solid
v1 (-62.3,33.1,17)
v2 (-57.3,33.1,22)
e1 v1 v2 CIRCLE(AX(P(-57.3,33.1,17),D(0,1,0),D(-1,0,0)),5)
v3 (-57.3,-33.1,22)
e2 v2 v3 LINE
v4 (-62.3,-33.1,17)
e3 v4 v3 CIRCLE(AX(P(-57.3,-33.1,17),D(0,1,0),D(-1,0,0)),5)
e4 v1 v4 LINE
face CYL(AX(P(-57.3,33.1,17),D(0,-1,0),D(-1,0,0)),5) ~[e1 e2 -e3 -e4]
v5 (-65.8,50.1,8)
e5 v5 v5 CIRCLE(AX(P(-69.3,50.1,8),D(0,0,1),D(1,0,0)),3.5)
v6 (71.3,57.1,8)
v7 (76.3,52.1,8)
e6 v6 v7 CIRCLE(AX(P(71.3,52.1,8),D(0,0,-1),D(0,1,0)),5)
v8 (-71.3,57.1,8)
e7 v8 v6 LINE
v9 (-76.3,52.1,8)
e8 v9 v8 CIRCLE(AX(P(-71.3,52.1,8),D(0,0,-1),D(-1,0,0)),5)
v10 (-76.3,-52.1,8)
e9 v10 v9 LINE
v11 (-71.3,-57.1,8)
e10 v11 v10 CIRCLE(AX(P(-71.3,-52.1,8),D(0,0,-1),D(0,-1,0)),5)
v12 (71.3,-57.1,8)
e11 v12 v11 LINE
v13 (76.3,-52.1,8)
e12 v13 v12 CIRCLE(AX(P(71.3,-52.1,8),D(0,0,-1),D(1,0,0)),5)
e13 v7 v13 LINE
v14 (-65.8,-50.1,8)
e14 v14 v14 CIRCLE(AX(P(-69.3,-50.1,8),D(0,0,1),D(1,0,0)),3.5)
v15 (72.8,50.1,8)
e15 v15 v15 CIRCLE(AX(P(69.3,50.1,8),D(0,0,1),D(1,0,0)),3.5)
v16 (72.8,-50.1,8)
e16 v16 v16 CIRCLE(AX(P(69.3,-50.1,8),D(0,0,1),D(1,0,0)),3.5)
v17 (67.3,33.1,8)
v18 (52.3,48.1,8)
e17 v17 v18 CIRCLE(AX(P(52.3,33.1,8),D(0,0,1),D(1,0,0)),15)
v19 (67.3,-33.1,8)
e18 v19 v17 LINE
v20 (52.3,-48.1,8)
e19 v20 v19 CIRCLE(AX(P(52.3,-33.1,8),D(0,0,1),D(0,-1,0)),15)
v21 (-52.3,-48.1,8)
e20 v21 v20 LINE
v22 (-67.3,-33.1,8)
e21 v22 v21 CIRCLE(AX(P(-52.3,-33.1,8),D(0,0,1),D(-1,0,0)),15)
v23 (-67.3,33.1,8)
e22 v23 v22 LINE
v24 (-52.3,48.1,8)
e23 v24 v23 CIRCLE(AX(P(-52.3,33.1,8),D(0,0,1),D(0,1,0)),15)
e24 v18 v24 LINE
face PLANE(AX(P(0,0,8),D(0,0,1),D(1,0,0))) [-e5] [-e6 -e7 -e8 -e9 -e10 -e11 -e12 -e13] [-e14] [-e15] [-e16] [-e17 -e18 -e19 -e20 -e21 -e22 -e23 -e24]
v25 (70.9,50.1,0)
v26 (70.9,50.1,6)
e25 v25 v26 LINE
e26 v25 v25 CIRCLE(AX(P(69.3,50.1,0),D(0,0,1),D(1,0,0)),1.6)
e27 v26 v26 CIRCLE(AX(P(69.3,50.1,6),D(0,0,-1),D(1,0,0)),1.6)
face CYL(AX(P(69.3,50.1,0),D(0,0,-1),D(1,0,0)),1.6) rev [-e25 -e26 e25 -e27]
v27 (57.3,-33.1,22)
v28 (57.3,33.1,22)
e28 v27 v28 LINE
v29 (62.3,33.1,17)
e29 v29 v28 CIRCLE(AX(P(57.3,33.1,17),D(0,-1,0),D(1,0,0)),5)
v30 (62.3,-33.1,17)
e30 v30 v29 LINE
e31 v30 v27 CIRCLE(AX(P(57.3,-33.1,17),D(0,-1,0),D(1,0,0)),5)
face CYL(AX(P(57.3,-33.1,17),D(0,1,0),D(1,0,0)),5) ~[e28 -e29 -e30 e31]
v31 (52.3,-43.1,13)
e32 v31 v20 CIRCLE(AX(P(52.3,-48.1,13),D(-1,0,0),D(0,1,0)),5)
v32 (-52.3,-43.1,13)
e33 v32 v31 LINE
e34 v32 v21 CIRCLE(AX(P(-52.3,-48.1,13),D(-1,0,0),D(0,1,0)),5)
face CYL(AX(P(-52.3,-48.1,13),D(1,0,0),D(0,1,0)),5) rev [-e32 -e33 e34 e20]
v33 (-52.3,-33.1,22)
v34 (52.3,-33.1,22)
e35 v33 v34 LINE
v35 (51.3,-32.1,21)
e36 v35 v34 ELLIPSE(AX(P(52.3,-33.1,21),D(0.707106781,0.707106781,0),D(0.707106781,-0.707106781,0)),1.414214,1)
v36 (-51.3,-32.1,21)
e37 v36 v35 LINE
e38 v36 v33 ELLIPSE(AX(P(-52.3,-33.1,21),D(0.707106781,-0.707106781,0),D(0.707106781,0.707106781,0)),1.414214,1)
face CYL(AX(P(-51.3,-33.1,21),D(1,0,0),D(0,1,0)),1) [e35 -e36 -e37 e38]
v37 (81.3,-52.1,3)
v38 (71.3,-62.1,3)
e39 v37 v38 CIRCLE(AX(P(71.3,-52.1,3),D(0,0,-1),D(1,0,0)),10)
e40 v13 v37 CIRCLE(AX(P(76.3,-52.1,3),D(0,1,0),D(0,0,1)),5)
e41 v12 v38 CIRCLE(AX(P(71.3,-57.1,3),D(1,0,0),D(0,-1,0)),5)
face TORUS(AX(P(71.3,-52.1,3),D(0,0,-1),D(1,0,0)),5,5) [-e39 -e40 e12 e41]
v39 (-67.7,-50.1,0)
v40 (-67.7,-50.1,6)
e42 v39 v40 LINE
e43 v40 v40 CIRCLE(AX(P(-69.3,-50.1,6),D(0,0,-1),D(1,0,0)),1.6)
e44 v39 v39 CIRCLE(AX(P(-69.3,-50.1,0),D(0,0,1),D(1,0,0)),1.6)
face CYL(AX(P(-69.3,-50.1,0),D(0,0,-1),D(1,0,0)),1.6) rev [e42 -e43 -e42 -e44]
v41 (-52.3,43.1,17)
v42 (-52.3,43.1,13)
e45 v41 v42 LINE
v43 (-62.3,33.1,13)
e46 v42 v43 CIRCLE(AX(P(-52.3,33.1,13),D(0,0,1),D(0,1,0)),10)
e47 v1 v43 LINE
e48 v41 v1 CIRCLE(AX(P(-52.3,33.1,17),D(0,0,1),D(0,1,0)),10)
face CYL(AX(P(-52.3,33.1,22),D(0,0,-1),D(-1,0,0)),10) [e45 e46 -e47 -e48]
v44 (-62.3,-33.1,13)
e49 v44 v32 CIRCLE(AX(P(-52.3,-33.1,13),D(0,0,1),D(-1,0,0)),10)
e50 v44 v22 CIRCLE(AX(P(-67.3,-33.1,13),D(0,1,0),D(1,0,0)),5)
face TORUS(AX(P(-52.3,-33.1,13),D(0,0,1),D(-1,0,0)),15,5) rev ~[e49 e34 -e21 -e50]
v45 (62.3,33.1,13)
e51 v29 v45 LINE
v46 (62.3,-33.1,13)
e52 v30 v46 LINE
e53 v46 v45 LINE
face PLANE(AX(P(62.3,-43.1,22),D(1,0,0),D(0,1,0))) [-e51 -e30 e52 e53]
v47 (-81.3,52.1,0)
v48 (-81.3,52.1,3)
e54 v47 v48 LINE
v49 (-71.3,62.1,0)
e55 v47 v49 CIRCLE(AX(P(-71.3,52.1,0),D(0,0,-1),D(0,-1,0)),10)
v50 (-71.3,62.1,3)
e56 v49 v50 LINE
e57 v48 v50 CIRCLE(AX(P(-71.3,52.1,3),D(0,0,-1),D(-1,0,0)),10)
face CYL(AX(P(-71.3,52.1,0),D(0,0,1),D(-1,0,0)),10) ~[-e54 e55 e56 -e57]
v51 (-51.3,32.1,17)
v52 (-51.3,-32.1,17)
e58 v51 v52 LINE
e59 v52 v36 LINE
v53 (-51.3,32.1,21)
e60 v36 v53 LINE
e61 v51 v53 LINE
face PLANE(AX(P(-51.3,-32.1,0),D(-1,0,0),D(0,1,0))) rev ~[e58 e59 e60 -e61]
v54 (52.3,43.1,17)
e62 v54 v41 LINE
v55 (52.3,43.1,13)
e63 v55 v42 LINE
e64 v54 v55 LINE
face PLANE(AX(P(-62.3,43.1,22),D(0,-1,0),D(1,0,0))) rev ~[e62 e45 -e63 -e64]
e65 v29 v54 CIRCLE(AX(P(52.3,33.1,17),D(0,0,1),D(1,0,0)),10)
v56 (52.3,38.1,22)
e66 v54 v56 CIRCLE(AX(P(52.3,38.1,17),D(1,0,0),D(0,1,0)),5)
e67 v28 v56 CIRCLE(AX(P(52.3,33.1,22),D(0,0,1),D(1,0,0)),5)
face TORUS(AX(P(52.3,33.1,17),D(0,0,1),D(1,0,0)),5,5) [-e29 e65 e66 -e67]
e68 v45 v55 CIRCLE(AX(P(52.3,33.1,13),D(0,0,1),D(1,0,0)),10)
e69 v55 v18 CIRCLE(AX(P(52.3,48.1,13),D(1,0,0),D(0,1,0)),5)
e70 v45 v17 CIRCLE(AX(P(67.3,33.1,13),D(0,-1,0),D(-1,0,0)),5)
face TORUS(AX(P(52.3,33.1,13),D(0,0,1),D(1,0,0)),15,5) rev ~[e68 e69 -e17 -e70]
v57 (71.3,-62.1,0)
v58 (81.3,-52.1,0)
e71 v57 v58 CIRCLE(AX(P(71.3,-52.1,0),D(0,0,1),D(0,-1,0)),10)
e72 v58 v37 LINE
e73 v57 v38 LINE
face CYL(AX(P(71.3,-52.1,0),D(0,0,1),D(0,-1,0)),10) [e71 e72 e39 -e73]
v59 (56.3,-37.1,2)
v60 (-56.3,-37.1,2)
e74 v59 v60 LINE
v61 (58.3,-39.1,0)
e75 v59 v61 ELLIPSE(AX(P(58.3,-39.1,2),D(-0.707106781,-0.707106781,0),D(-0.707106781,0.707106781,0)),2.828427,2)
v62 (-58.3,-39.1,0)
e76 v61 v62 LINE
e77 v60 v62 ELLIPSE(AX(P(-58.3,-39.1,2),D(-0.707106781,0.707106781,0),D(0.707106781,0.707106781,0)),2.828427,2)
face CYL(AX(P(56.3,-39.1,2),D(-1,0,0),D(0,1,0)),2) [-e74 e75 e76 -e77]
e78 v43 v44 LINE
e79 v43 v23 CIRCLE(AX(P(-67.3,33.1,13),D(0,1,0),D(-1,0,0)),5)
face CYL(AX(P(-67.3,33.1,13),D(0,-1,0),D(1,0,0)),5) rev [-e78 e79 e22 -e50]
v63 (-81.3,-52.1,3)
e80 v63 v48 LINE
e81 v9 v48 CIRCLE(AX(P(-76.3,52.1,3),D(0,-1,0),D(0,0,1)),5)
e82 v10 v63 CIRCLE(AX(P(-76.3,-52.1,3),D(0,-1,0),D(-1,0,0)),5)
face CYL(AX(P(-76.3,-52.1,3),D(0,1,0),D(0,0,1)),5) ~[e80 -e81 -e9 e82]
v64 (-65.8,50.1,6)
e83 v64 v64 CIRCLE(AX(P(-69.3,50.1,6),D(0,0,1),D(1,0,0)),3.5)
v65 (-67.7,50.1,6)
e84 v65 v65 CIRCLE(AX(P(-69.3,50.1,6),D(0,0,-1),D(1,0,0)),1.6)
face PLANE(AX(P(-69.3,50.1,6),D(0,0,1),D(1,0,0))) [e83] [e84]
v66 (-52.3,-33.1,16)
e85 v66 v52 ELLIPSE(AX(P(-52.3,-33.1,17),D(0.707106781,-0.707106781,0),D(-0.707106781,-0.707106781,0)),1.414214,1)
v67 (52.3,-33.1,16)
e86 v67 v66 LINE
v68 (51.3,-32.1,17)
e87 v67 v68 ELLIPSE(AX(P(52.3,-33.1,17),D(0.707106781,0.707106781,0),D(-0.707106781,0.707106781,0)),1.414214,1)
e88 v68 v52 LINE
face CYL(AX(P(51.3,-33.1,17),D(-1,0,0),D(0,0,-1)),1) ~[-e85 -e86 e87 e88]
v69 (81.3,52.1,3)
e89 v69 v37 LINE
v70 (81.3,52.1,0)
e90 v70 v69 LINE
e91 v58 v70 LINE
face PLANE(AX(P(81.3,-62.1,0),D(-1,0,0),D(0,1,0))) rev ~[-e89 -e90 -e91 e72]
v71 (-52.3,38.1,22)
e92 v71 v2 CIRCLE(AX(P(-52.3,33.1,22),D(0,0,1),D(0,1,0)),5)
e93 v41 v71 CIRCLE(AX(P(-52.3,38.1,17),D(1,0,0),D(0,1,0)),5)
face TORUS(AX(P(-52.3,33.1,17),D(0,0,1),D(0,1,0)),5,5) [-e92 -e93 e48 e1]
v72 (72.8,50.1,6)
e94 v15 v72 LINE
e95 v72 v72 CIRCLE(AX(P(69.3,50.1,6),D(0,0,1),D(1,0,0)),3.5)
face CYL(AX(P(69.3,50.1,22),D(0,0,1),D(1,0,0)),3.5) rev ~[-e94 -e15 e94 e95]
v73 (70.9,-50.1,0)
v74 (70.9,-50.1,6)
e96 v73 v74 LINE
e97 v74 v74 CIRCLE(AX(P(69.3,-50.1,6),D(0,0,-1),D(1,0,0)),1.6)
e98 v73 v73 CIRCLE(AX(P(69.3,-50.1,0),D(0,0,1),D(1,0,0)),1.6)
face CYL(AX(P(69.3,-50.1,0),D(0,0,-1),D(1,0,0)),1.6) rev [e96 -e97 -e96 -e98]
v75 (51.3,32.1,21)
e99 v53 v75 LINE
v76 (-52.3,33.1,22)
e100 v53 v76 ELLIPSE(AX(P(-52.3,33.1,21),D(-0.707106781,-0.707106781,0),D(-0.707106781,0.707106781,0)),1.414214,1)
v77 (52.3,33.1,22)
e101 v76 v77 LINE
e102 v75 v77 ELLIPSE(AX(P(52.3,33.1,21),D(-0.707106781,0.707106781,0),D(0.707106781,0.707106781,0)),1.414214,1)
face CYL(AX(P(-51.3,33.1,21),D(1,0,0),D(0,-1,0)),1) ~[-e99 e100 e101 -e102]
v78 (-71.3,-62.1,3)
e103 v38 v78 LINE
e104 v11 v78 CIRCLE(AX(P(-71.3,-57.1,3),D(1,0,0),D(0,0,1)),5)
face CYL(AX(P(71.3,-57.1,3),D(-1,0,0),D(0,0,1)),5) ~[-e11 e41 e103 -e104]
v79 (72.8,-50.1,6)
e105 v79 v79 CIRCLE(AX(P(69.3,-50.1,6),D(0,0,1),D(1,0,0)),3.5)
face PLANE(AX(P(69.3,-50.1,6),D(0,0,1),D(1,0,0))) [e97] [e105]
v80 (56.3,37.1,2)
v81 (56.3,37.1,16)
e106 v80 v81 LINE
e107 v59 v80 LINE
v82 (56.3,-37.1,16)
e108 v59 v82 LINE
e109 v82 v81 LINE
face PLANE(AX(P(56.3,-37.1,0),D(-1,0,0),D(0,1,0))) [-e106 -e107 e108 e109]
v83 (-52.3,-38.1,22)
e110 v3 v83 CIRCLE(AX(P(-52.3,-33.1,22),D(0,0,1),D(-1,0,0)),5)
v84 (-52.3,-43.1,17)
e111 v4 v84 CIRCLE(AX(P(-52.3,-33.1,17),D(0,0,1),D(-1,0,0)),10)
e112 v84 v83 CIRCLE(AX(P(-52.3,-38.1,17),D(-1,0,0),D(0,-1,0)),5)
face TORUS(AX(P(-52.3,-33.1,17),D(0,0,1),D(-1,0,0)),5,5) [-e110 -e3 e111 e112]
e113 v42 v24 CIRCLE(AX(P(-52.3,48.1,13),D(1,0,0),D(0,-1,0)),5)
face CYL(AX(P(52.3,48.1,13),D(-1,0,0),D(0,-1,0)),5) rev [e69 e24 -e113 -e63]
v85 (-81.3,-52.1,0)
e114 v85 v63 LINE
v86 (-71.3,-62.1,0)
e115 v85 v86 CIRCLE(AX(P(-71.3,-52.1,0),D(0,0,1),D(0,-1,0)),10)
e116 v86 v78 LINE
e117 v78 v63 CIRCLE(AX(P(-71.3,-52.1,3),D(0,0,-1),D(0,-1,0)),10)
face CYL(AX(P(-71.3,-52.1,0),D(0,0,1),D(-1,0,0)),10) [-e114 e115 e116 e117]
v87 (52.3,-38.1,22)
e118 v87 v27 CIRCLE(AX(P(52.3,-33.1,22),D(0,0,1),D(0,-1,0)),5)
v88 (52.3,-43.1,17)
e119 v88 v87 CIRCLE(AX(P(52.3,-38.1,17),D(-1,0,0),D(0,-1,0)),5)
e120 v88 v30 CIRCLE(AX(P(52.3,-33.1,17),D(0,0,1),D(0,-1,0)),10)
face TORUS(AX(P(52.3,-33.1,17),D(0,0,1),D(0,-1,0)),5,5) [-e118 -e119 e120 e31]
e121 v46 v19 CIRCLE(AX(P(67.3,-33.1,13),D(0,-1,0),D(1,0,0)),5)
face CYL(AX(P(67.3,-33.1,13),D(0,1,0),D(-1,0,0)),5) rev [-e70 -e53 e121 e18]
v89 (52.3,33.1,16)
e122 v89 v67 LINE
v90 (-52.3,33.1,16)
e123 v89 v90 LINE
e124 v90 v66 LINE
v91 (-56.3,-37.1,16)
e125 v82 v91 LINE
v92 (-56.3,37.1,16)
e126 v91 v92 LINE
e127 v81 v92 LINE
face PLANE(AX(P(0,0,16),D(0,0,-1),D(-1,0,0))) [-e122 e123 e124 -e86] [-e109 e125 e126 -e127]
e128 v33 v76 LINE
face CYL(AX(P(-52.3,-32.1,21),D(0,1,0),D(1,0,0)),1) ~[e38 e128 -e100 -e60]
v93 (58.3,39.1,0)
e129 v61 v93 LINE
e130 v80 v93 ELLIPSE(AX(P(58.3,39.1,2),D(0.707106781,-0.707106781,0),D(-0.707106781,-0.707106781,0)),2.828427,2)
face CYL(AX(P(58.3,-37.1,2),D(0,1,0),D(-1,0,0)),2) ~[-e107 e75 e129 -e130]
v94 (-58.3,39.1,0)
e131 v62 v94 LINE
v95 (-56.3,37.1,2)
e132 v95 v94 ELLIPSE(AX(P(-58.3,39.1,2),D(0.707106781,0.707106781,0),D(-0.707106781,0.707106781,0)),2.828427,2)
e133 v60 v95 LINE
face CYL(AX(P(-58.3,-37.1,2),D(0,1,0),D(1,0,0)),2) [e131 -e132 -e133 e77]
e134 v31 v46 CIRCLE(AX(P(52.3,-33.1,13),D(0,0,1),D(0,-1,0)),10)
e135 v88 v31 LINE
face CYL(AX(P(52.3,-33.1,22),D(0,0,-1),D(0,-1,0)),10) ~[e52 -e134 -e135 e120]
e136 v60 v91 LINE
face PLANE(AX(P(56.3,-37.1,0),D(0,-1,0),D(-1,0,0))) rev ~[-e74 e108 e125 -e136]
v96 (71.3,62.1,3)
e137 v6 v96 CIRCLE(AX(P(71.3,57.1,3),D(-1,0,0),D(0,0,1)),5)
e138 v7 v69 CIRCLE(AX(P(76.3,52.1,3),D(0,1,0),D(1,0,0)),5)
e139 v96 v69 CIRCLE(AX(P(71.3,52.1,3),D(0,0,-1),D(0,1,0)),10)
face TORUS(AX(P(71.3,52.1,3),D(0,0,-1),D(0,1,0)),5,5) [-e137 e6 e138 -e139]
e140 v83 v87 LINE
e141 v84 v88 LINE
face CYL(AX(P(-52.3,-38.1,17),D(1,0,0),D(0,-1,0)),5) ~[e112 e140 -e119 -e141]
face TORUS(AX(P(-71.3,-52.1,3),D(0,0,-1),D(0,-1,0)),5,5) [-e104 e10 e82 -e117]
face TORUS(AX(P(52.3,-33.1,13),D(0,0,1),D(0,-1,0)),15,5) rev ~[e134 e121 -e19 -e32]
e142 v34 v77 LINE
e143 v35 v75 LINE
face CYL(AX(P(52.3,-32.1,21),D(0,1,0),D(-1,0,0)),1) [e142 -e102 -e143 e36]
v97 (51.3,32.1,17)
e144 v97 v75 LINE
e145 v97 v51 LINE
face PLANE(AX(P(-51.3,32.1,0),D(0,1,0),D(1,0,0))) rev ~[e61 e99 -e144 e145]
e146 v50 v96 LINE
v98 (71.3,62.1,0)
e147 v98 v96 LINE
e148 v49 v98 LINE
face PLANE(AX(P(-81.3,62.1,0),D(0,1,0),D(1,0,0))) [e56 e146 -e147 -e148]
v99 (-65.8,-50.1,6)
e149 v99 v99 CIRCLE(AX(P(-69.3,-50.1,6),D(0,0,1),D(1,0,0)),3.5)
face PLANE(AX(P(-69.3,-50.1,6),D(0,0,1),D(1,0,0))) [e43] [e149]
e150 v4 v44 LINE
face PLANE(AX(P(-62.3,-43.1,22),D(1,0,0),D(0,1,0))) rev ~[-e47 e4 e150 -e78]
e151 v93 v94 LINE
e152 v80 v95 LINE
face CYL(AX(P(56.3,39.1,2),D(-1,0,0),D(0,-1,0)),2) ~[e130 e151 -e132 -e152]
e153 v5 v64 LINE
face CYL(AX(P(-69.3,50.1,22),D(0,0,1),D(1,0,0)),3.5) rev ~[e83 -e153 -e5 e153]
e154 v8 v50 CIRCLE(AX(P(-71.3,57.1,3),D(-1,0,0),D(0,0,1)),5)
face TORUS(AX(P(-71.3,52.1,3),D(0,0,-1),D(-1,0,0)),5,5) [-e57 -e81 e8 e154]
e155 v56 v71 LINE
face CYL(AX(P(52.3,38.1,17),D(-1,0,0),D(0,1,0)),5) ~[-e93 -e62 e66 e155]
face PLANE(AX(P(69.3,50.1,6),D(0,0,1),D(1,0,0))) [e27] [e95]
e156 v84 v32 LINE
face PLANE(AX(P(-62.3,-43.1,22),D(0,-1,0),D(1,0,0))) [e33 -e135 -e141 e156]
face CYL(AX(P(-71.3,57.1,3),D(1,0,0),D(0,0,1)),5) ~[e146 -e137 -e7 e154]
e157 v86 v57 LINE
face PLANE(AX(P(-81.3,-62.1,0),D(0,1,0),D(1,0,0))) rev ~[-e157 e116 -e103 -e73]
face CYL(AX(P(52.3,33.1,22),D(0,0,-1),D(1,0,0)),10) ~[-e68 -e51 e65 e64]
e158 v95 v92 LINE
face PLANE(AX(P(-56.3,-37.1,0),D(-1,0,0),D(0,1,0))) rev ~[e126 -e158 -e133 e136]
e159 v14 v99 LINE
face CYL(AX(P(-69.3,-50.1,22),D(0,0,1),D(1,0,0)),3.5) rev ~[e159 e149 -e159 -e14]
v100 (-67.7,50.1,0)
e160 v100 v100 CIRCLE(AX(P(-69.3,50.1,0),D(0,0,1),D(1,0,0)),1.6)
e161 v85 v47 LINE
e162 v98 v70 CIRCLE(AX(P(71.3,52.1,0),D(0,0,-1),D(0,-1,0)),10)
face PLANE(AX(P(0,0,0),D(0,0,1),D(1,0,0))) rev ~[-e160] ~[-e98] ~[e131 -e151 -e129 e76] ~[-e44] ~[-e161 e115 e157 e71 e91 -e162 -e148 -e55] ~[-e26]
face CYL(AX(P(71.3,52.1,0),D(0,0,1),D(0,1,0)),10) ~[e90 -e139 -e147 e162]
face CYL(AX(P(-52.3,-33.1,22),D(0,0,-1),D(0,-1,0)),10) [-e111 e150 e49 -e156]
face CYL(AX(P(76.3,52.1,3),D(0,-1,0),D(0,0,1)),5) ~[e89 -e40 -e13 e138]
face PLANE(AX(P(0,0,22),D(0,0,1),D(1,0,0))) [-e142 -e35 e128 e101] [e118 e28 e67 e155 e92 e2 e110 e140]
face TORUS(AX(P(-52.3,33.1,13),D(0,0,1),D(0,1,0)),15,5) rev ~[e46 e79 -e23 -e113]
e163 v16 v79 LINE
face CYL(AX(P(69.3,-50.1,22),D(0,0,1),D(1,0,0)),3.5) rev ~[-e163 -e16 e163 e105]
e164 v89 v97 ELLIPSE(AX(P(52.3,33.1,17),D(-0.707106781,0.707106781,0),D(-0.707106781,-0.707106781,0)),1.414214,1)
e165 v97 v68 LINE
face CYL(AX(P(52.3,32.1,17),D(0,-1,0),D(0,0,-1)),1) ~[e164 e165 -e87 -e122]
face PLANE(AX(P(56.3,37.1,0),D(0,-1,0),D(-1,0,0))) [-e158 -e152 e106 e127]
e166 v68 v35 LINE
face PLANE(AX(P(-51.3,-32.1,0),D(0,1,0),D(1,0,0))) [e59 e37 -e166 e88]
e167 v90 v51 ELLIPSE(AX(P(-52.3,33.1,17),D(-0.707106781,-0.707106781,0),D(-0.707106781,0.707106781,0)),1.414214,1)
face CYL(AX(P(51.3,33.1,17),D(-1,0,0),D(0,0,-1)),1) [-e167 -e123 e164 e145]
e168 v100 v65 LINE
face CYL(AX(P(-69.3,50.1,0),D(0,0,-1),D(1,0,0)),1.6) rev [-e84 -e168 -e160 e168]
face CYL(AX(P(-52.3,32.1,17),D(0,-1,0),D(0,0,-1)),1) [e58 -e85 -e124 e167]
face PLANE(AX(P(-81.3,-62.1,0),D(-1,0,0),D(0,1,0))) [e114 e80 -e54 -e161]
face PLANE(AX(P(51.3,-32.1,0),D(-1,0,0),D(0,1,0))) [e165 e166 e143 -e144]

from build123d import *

# Parameters (mm, degrees)
SKETCH_1_W          = 162.6
SKETCH_1_H          = 124.2
SKETCH_1_R          = 1.6
SKETCH_1_W_2        = 102.6
SKETCH_1_H_2        = 64.2
EXTRUDE_1_DEPTH     = 22
SKETCH_2_R          = 3.5
CUT_EXTRUDE_1_DEPTH = 16
SKETCH_3_W          = 112.6
SKETCH_3_H          = 74.2
CUT_EXTRUDE_2_DEPTH = 16
SKETCH_4_W          = 162.6
SKETCH_4_H          = 124.2
SKETCH_4_W_2        = 124.6
SKETCH_4_H_2        = 86.2
CUT_EXTRUDE_3_DEPTH = 14
FILLET_1_R          = 10
FILLET_2_R          = 5
FILLET_3_R          = 1
FILLET_4_R          = 2
FILLET_5_R          = 1
FILLET_6_R          = 5


with BuildPart() as part:
    # 스케치1 → 보스-돌출1 (new body)
    with BuildSketch(Plane.XY):
        Rectangle(SKETCH_1_W, SKETCH_1_H)
        with Locations((-69.3, -50.1)):
            Circle(SKETCH_1_R, mode=Mode.SUBTRACT)
        with Locations((69.3, -50.1)):
            Circle(SKETCH_1_R, mode=Mode.SUBTRACT)
        with Locations((69.3, 50.1)):
            Circle(SKETCH_1_R, mode=Mode.SUBTRACT)
        with Locations((-69.3, 50.1)):
            Circle(SKETCH_1_R, mode=Mode.SUBTRACT)
        Rectangle(SKETCH_1_W_2, SKETCH_1_H_2, mode=Mode.SUBTRACT)
    extrude(amount=EXTRUDE_1_DEPTH)

    # 스케치2 → 컷-돌출1 (cut)
    with BuildSketch(Plane.XY.offset(22)):
        with Locations((-69.3, 50.1)):
            Circle(SKETCH_2_R)
        with Locations((69.3, 50.1)):
            Circle(SKETCH_2_R)
        with Locations((69.3, -50.1)):
            Circle(SKETCH_2_R)
        with Locations((-69.3, -50.1)):
            Circle(SKETCH_2_R)
    extrude(amount=-CUT_EXTRUDE_1_DEPTH, mode=Mode.SUBTRACT)

    # 스케치3 → 컷-돌출2 (cut)
    with BuildSketch(Plane(origin=(0, 0, 0), x_dir=(-1, 0, 0), z_dir=(0, 0, -1))):
        Rectangle(SKETCH_3_W, SKETCH_3_H)
    extrude(amount=-CUT_EXTRUDE_2_DEPTH, mode=Mode.SUBTRACT)

    # 스케치4 → 컷-돌출3 (cut)
    with BuildSketch(Plane.XY.offset(22)):
        Rectangle(SKETCH_4_W, SKETCH_4_H)
        Rectangle(SKETCH_4_W_2, SKETCH_4_H_2, mode=Mode.SUBTRACT)
    extrude(amount=-CUT_EXTRUDE_3_DEPTH, mode=Mode.SUBTRACT)

    # 필렛1
    fillet_1_edges = [part.edges().sort_by_distance(p)[0] for p in [
        (62.3, 43.1, 15),
        (-62.3, 43.1, 15),
        (-81.3, 62.1, 4),
        (81.3, 62.1, 4),
        (81.3, -62.1, 4),
        (-81.3, -62.1, 4),
        (-62.3, -43.1, 15),
        (62.3, -43.1, 15),
    ]]
    fillet(fillet_1_edges, radius=FILLET_1_R)

    # 필렛2
    fillet_2_edges = [part.edges().sort_by_distance(p)[0] for p in [
        (0, -43.1, 22),
        (-62.3, 0, 22),
        (62.3, 0, 22),
        (0, 43.1, 22),
        (-59.371067812, -40.171067812, 22),
        (-59.371067812, 40.171067812, 22),
        (59.371067812, 40.171067812, 22),
        (59.371067812, -40.171067812, 22),
        (0, 62.1, 8),
        (81.3, 0, 8),
        (-81.3, 0, 8),
        (0, -62.1, 8),
        (-78.371067812, 59.171067812, 8),
        (-78.371067812, -59.171067812, 8),
        (78.371067812, -59.171067812, 8),
        (78.371067812, 59.171067812, 8),
    ]]
    fillet(fillet_2_edges, radius=FILLET_2_R)

    # 필렛3
    fillet_3_edges = [part.edges().sort_by_distance(p)[0] for p in [
        (-51.3, 0, 22),
        (0, -32.1, 22),
        (51.3, 0, 22),
        (0, 32.1, 22),
    ]]
    fillet(fillet_3_edges, radius=FILLET_3_R)

    # 필렛4
    fillet_4_edges = [part.edges().sort_by_distance(p)[0] for p in [
        (-56.3, 0, 0),
        (0, 37.1, 0),
        (56.3, 0, 0),
        (0, -37.1, 0),
    ]]
    fillet(fillet_4_edges, radius=FILLET_4_R)

    # 필렛5
    fillet_5_edges = [part.edges().sort_by_distance(p)[0] for p in [
        (0, 32.1, 16),
        (-51.3, 0, 16),
        (0, -32.1, 16),
        (51.3, 0, 16),
    ]]
    fillet(fillet_5_edges, radius=FILLET_5_R)

    # 필렛6
    fillet_6_edges = [part.edges().sort_by_distance(p)[0] for p in [
        (0, -43.1, 8),
        (62.3, 0, 8),
        (0, 43.1, 8),
        (-62.3, 0, 8),
        (59.371067812, -40.171067812, 8),
        (59.371067812, 40.171067812, 8),
        (-59.371067812, 40.171067812, 8),
        (-59.371067812, -40.171067812, 8),
    ]]
    fillet(fillet_6_edges, radius=FILLET_6_R)


solid = part.part
